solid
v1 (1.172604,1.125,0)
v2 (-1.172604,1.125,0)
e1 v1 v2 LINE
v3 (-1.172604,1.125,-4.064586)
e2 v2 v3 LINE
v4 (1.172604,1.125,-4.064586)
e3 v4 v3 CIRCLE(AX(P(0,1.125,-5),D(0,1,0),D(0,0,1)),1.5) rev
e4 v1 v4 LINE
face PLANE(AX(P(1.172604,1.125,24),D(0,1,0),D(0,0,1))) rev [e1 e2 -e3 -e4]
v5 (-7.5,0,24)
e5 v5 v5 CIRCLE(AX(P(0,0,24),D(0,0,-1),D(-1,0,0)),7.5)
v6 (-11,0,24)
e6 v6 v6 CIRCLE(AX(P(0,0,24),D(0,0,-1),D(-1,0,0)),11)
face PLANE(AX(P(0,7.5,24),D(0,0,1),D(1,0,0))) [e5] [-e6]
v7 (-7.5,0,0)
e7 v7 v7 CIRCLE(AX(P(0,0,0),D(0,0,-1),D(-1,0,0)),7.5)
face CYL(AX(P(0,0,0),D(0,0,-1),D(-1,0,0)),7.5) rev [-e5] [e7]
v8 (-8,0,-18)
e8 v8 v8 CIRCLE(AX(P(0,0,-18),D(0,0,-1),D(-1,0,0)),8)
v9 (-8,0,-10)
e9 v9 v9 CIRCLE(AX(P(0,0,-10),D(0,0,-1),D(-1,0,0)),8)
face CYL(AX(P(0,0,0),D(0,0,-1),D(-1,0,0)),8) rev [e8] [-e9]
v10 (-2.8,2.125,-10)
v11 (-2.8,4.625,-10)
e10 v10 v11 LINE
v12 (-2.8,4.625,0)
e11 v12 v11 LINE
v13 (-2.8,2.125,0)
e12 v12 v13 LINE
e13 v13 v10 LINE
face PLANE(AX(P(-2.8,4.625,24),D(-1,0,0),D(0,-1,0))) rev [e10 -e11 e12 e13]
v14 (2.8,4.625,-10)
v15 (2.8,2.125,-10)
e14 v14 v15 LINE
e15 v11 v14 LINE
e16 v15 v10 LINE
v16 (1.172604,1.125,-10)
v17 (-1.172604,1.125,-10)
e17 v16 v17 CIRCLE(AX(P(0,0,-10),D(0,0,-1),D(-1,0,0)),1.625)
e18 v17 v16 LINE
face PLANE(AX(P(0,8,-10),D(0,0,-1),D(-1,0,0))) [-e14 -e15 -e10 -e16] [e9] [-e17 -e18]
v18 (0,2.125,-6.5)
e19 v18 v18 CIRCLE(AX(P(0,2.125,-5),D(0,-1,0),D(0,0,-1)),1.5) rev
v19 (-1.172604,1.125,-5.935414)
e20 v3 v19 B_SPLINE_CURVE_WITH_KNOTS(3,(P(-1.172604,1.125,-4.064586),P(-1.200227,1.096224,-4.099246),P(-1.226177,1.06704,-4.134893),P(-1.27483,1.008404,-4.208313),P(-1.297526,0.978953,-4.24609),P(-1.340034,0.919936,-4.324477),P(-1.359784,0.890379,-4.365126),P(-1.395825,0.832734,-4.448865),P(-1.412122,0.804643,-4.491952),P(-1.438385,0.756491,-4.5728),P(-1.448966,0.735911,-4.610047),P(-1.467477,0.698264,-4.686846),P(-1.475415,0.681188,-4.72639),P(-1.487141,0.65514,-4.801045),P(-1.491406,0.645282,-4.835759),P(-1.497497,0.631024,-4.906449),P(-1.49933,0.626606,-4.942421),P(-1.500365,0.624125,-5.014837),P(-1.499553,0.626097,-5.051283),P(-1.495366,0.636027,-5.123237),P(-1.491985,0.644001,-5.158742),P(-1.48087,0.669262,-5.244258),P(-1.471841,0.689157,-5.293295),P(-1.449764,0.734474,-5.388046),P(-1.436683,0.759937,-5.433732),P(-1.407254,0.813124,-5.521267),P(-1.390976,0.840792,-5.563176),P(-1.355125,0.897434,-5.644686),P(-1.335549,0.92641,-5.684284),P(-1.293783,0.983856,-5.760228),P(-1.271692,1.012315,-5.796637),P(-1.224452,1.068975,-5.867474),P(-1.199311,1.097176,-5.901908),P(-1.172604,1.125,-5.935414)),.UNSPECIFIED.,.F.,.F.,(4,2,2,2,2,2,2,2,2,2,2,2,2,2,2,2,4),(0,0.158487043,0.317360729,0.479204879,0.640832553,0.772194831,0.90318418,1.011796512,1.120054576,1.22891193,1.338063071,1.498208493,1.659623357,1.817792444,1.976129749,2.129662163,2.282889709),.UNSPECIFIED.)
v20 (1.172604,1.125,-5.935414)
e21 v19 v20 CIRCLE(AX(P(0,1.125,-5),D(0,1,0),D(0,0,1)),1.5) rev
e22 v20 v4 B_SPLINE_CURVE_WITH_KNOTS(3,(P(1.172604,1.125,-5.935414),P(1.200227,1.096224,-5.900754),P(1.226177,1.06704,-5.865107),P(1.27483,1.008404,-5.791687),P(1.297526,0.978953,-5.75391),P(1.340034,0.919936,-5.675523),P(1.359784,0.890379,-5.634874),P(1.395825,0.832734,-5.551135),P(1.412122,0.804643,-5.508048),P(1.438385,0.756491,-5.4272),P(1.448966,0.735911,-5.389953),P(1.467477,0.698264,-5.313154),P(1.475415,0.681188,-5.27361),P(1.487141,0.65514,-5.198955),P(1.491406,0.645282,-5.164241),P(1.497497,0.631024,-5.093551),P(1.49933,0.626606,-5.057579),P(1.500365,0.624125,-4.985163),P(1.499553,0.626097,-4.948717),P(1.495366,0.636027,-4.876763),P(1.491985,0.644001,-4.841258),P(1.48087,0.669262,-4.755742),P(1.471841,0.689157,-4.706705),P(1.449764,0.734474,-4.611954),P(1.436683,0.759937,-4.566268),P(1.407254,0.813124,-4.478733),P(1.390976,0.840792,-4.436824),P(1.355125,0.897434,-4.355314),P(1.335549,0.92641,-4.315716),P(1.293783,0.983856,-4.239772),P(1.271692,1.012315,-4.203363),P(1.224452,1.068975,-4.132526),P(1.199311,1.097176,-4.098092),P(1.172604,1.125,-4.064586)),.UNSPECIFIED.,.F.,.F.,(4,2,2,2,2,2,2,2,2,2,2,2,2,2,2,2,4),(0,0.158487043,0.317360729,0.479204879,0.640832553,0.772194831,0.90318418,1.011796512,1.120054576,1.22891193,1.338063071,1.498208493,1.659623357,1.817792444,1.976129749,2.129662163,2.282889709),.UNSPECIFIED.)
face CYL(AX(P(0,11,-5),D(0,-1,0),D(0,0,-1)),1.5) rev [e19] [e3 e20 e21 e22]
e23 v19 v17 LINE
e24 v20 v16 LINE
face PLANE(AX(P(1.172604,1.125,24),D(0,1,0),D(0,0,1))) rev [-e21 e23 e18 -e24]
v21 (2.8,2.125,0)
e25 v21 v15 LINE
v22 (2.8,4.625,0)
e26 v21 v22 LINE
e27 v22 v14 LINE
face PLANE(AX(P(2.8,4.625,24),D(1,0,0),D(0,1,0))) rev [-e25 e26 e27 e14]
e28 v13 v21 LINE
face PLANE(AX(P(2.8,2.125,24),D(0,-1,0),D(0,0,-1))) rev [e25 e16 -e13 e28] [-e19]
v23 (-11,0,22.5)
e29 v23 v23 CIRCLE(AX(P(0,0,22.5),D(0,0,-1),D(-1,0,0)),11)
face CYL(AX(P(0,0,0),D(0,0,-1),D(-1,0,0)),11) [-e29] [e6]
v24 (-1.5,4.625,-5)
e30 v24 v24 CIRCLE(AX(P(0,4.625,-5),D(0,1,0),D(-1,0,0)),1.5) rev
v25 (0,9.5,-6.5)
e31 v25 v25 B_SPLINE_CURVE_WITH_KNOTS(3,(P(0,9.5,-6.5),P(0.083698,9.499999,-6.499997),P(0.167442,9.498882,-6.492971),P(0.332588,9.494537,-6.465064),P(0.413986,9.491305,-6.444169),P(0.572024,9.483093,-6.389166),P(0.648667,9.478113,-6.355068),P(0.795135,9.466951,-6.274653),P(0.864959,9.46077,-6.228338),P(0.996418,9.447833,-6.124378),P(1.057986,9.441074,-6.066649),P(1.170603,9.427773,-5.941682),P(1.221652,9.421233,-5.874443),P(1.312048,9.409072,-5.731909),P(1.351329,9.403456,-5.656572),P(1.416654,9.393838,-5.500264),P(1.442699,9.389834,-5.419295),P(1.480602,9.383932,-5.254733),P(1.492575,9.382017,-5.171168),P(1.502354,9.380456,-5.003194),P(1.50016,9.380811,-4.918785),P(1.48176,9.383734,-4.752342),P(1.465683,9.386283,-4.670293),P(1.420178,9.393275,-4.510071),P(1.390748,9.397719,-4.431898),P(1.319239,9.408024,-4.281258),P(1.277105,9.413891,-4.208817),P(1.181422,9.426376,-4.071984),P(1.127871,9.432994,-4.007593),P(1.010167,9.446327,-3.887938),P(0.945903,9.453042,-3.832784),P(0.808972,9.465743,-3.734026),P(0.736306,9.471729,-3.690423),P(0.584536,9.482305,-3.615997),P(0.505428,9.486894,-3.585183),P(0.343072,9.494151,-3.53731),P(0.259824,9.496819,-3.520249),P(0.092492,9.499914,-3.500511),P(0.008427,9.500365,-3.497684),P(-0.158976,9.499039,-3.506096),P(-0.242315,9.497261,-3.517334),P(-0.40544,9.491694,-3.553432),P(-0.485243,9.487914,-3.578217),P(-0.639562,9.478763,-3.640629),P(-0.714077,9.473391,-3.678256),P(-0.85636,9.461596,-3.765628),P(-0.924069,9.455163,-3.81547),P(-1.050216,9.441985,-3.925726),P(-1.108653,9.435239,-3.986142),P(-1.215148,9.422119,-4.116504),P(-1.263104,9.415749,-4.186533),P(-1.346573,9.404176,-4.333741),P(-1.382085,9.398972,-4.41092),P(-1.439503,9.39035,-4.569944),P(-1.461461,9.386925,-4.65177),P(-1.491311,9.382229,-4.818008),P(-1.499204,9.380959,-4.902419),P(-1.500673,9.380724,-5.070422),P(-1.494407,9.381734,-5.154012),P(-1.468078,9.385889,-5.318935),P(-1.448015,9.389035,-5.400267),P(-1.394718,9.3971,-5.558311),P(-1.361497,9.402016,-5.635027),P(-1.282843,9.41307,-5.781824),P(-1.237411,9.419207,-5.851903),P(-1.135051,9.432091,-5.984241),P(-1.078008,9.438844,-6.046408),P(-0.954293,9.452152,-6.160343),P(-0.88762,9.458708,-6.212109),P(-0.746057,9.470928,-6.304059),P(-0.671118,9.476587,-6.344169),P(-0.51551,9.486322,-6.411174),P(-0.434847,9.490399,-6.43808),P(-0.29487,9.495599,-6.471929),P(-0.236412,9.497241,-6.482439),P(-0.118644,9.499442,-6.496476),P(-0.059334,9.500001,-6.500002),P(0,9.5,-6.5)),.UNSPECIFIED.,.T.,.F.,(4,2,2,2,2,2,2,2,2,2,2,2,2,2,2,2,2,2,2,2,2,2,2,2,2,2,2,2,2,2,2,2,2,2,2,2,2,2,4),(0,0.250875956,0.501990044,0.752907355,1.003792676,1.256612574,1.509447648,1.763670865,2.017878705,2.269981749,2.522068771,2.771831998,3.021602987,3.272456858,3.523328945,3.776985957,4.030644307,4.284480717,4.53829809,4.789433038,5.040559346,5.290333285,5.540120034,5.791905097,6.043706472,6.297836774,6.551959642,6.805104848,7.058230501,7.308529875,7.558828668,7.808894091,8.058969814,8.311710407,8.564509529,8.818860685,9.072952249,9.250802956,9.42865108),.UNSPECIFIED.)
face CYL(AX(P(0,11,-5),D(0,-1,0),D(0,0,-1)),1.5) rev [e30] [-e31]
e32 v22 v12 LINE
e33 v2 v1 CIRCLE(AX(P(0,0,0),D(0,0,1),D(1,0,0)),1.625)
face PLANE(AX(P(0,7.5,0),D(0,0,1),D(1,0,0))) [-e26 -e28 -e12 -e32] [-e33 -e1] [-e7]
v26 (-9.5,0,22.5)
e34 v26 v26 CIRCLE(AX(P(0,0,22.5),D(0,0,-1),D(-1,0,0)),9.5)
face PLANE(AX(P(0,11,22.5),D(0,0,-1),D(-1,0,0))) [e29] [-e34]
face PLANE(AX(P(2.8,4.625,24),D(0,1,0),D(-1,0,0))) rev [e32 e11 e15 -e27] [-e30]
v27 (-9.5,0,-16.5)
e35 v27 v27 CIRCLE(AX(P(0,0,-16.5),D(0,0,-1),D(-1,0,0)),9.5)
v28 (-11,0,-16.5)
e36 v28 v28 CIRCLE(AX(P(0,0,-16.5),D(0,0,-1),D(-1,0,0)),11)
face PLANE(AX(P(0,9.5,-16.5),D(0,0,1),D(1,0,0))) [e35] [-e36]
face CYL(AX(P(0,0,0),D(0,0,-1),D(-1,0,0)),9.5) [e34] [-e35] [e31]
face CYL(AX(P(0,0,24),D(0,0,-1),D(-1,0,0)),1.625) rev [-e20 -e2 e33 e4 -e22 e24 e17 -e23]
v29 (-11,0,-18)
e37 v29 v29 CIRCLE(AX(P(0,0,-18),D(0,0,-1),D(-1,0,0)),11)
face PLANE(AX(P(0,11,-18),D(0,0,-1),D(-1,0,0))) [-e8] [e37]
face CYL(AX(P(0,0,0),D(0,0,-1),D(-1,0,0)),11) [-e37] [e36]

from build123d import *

# Parameters (mm, degrees)
CORTAR_EXTRUIR1_DEPTH = 35
CROQUIS3_W            = 5.6
CROQUIS3_H            = 2.5
CORTAR_EXTRUIR2_DEPTH = 35
CROQUIS4_R            = 1.5
CORTAR_EXTRUIR3_DEPTH = 12


with BuildPart() as part:
    # Croquis1 → Revolución1 (revolve)
    with BuildSketch(Plane(origin=(0, 0, 0), x_dir=(0, 0, -1), z_dir=(1, 0, 0))):
        Polygon((-24, 7.5), (-24, 11), (-22.5, 11), (-22.5, 9.5), (16.5, 9.5), (16.5, 11), (18, 11), (18, 8), (10, 8), (10, 0), (0, 0), (0, 7.5), align=None)
    revolve(axis=Axis((0, 0, 0), (0, 0, 1)))

    # Croquis2 → Cortar-Extruir1 (cut, through all)
    with BuildSketch(Plane(origin=(0, 0, -10), x_dir=(-1, 0, 0), z_dir=(0, 0, -1))):
        with BuildLine():
            Line((-1.17260394, 1.125), (1.17260394, 1.125))
            ThreePointArc((1.17260394, 1.125), (0, -1.625), (-1.17260394, 1.125))
        make_face()
    extrude(amount=-CORTAR_EXTRUIR1_DEPTH, mode=Mode.SUBTRACT)

    # Croquis3 → Cortar-Extruir2 (cut, through all)
    with BuildSketch(Plane(origin=(0, 0, -10), x_dir=(-1, 0, 0), z_dir=(0, 0, -1))):
        with Locations((0, 3.375)):
            Rectangle(CROQUIS3_W, CROQUIS3_H)
    extrude(amount=-CORTAR_EXTRUIR2_DEPTH, mode=Mode.SUBTRACT)

    # Croquis4 → Cortar-Extruir3 (cut, through all)
    with BuildSketch(Plane(origin=(0, 0, 0), x_dir=(1, 0, 0), z_dir=(0, 1, 0))):
        with Locations((0, 5)):
            Circle(CROQUIS4_R)
    extrude(amount=CORTAR_EXTRUIR3_DEPTH, mode=Mode.SUBTRACT)


solid = part.part
